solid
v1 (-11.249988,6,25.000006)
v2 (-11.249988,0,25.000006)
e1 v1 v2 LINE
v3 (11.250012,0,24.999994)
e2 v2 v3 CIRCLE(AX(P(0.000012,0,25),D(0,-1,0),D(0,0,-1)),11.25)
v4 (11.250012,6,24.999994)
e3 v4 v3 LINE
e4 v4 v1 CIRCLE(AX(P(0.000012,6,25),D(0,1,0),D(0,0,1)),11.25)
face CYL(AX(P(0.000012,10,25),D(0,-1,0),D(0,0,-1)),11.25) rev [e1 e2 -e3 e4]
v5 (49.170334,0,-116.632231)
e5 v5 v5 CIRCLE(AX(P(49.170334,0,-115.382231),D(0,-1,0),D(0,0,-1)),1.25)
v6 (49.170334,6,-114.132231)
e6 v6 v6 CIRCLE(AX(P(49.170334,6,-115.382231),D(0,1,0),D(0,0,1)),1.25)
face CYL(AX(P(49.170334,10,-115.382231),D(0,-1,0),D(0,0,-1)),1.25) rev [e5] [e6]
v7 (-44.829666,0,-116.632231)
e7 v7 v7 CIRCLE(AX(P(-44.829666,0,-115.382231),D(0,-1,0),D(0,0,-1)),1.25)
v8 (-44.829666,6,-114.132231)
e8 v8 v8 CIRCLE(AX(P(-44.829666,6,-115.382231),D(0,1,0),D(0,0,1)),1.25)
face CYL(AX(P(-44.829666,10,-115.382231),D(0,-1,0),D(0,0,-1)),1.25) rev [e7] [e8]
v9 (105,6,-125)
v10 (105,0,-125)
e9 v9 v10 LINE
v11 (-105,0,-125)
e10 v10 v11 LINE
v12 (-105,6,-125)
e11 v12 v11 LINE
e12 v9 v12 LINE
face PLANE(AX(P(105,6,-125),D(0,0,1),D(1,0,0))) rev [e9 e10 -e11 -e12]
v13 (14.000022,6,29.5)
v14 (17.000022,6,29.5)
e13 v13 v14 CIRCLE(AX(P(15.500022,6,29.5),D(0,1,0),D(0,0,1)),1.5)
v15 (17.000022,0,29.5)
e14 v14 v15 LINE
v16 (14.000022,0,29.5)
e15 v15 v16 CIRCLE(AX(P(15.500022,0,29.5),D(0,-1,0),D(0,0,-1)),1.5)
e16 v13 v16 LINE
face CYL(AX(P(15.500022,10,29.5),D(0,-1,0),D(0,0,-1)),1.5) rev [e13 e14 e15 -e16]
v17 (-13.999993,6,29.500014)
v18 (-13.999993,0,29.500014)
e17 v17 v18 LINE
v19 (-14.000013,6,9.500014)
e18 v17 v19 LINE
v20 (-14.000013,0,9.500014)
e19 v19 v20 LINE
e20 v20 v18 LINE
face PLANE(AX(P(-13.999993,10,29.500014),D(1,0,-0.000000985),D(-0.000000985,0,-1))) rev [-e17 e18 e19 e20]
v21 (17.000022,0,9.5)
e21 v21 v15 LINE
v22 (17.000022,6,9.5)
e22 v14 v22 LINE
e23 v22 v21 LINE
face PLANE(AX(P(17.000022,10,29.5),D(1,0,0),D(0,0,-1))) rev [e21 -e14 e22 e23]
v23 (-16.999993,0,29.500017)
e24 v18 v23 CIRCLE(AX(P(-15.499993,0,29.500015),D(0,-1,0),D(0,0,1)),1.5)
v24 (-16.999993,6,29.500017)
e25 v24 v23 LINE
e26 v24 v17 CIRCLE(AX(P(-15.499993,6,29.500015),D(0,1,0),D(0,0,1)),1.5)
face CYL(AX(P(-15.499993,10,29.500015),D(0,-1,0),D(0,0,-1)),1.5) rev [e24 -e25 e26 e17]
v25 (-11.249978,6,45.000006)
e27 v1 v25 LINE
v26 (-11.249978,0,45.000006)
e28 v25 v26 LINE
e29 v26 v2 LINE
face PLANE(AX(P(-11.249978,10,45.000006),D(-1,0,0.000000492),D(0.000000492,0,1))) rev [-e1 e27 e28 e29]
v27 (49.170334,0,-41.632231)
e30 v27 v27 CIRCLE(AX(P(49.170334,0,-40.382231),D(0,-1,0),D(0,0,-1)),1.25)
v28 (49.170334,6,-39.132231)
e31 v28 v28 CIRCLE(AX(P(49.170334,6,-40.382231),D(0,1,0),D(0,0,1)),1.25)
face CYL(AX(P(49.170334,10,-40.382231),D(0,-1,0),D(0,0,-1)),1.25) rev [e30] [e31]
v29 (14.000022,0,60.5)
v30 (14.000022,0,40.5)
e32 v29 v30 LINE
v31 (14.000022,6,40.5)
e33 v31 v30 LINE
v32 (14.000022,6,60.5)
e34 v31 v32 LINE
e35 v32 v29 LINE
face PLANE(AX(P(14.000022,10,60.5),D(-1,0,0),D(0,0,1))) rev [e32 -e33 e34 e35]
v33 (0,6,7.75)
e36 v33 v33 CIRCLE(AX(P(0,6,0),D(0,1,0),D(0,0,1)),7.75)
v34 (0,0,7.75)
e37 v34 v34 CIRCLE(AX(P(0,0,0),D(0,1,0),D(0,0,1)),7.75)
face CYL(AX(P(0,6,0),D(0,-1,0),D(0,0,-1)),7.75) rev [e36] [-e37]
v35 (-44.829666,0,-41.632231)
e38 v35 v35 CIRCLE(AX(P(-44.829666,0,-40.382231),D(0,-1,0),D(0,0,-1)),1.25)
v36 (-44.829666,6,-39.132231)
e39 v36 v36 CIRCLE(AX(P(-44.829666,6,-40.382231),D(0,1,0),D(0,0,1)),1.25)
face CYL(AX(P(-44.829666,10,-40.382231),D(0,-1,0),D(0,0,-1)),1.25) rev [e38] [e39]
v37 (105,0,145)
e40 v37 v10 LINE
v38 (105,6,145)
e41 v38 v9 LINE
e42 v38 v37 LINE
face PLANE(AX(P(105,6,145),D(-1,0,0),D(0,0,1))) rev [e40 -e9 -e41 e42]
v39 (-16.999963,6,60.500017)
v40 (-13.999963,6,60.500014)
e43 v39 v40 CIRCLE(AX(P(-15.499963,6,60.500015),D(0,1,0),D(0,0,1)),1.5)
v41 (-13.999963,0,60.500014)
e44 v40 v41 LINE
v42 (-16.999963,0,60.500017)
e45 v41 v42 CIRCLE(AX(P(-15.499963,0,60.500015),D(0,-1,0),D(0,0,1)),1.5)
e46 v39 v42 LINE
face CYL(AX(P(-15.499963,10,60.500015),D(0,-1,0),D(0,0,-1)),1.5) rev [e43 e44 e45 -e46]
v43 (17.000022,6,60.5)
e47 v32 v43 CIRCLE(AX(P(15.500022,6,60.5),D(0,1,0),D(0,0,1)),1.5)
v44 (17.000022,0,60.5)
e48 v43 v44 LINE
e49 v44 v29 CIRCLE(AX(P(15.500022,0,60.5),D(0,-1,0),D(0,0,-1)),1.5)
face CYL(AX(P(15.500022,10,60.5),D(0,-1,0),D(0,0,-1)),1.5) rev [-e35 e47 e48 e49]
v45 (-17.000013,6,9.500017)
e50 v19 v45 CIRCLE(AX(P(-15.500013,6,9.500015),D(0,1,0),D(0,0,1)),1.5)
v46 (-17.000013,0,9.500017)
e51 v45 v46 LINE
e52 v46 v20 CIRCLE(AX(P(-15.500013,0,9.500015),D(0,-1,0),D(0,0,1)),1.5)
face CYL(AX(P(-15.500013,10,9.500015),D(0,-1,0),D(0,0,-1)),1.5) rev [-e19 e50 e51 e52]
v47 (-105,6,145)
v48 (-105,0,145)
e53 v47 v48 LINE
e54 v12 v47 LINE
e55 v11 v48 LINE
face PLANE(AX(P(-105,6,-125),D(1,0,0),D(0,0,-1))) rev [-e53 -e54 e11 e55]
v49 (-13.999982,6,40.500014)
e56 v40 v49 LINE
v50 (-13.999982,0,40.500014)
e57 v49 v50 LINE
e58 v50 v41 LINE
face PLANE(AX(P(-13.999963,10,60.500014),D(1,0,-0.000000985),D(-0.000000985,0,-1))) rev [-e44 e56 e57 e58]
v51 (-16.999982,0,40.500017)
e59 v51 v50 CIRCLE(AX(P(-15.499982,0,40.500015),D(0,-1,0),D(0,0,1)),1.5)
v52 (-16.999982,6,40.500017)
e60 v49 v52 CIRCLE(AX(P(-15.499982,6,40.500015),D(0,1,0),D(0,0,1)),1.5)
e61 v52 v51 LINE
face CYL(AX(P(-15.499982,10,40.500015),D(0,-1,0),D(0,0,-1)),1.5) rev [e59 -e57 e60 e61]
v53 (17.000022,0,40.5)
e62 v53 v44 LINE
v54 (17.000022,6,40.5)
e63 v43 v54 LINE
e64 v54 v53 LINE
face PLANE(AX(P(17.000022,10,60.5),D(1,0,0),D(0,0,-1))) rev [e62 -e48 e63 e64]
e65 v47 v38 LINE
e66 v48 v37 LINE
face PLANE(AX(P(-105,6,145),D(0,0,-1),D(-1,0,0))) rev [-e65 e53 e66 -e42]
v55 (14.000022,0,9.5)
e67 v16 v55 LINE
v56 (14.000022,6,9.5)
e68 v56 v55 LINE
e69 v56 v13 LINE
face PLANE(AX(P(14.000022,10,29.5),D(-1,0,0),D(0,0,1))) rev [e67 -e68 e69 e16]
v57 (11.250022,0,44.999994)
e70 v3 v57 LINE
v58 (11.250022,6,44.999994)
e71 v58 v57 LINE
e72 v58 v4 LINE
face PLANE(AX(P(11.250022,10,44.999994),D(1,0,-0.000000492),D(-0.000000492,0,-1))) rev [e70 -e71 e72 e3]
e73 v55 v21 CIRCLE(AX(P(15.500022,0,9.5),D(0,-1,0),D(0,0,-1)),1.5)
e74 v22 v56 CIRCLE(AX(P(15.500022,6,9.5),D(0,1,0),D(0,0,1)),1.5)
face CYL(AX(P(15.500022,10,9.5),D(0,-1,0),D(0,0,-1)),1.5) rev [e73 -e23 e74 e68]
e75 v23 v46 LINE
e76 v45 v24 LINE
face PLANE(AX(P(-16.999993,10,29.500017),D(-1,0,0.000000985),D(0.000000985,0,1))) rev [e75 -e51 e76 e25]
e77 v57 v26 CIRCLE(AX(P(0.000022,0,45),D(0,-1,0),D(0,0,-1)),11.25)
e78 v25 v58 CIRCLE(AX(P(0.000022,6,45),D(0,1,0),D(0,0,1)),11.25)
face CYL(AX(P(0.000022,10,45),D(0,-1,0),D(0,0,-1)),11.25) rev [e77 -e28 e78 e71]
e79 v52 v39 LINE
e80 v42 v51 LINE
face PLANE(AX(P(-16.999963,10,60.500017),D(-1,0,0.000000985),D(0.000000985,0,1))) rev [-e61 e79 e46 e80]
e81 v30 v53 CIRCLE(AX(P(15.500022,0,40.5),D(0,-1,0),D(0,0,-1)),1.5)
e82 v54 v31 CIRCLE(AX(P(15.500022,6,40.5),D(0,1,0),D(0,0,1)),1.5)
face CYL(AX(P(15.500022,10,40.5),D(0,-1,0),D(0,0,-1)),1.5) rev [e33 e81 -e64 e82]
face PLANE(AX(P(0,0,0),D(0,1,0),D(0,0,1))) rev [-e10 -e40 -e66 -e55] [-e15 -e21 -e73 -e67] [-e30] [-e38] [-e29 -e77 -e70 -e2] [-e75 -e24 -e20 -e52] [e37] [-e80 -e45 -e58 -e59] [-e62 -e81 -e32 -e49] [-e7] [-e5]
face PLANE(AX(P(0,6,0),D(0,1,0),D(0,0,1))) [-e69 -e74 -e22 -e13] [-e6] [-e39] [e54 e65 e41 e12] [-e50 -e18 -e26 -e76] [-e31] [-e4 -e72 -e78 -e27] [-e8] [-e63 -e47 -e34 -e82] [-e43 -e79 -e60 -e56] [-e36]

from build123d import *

# Parameters (mm, degrees)
SKETCH1_W           = 210
SKETCH1_H           = 270
SKETCH1_R           = 7.75
BOSS_EXTRUDE2_DEPTH = 6
CUT_EXTRUDE1_DEPTH  = 10
SKETCH4_R           = 1.25
CUT_EXTRUDE2_DEPTH  = 10


with BuildPart() as part:
    # Sketch1 → Boss-Extrude2 (new body)
    with BuildSketch(Plane(origin=(0, 0, 0), x_dir=(1, 0, 0), z_dir=(0, 1, 0))):
        with Locations((0, -10)):
            Rectangle(SKETCH1_W, SKETCH1_H)
        with Locations(Location((0, 0, 0), (0, 0, 270))):
            Circle(SKETCH1_R, mode=Mode.SUBTRACT)
    extrude(amount=BOSS_EXTRUDE2_DEPTH)

    # Sketch3 → Cut-Extrude1 (cut)
    with BuildSketch(Plane.XZ):
        with BuildLine():
            Line((17.000022153, 29.5), (17.000022153, 9.5))
            ThreePointArc((17.000022153, 9.5), (15.500022153, 8), (14.000022153, 9.5))
            Line((14.000022153, 9.5), (14.000022153, 29.5))
            ThreePointArc((14.000022153, 29.5), (15.500022153, 31), (17.000022153, 29.5))
        make_face()
        with BuildLine():
            Line((17.000022153, 60.5), (17.000022153, 40.5))
            ThreePointArc((17.000022153, 40.5), (15.500022153, 39), (14.000022153, 40.5))
            Line((14.000022153, 40.5), (14.000022153, 60.5))
            ThreePointArc((14.000022153, 60.5), (15.500022153, 62), (17.000022153, 60.5))
        make_face()
        with BuildLine():
            Line((-16.999993108, 29.500016738), (-17.0000128, 9.500016738))
            ThreePointArc((-17.0000128, 9.500016738), (-15.500014277, 8.000015261), (-14.0000128, 9.500013784))
            Line((-14.0000128, 9.500013784), (-13.999993108, 29.500013784))
            ThreePointArc((-13.999993108, 29.500013784), (-15.499991631, 31.000015261), (-16.999993108, 29.500016738))
        make_face()
        with BuildLine():
            Line((-16.999962586, 60.500016738), (-16.999982277, 40.500016738))
            ThreePointArc((-16.999982277, 40.500016738), (-15.499983754, 39.000015261), (-13.999982277, 40.500013784))
            Line((-13.999982277, 40.500013784), (-13.999962586, 60.500013784))
            ThreePointArc((-13.999962586, 60.500013784), (-15.499961109, 62.000015261), (-16.999962586, 60.500016738))
        make_face()
        with BuildLine():
            Line((11.250022153, 44.999994462), (11.250012307, 24.999994462))
            ThreePointArc((11.250012307, 24.999994462), (6.769e-06, 13.75), (-11.249987693, 25.000005538))
            Line((-11.249987693, 25.000005538), (-11.249977847, 45.000005538))
            ThreePointArc((-11.249977847, 45.000005538), (2.7692e-05, 56.25), (11.250022153, 44.999994462))
        make_face()
    extrude(amount=-CUT_EXTRUDE1_DEPTH, mode=Mode.SUBTRACT)

    # Sketch4 → Cut-Extrude2 (cut)
    with BuildSketch(Plane.XZ):
        with Locations(Location((49.170333674, -115.382230576, 0), (0, 0, 270))):
            Circle(SKETCH4_R)
        with Locations(Location((-44.829666326, -115.382230576, 0), (0, 0, 270))):
            Circle(SKETCH4_R)
        with Locations(Location((49.170333674, -40.382230576, 0), (0, 0, 270))):
            Circle(SKETCH4_R)
        with Locations(Location((-44.829666326, -40.382230576, 0), (0, 0, 270))):
            Circle(SKETCH4_R)
    extrude(amount=-CUT_EXTRUDE2_DEPTH, mode=Mode.SUBTRACT)


solid = part.part
